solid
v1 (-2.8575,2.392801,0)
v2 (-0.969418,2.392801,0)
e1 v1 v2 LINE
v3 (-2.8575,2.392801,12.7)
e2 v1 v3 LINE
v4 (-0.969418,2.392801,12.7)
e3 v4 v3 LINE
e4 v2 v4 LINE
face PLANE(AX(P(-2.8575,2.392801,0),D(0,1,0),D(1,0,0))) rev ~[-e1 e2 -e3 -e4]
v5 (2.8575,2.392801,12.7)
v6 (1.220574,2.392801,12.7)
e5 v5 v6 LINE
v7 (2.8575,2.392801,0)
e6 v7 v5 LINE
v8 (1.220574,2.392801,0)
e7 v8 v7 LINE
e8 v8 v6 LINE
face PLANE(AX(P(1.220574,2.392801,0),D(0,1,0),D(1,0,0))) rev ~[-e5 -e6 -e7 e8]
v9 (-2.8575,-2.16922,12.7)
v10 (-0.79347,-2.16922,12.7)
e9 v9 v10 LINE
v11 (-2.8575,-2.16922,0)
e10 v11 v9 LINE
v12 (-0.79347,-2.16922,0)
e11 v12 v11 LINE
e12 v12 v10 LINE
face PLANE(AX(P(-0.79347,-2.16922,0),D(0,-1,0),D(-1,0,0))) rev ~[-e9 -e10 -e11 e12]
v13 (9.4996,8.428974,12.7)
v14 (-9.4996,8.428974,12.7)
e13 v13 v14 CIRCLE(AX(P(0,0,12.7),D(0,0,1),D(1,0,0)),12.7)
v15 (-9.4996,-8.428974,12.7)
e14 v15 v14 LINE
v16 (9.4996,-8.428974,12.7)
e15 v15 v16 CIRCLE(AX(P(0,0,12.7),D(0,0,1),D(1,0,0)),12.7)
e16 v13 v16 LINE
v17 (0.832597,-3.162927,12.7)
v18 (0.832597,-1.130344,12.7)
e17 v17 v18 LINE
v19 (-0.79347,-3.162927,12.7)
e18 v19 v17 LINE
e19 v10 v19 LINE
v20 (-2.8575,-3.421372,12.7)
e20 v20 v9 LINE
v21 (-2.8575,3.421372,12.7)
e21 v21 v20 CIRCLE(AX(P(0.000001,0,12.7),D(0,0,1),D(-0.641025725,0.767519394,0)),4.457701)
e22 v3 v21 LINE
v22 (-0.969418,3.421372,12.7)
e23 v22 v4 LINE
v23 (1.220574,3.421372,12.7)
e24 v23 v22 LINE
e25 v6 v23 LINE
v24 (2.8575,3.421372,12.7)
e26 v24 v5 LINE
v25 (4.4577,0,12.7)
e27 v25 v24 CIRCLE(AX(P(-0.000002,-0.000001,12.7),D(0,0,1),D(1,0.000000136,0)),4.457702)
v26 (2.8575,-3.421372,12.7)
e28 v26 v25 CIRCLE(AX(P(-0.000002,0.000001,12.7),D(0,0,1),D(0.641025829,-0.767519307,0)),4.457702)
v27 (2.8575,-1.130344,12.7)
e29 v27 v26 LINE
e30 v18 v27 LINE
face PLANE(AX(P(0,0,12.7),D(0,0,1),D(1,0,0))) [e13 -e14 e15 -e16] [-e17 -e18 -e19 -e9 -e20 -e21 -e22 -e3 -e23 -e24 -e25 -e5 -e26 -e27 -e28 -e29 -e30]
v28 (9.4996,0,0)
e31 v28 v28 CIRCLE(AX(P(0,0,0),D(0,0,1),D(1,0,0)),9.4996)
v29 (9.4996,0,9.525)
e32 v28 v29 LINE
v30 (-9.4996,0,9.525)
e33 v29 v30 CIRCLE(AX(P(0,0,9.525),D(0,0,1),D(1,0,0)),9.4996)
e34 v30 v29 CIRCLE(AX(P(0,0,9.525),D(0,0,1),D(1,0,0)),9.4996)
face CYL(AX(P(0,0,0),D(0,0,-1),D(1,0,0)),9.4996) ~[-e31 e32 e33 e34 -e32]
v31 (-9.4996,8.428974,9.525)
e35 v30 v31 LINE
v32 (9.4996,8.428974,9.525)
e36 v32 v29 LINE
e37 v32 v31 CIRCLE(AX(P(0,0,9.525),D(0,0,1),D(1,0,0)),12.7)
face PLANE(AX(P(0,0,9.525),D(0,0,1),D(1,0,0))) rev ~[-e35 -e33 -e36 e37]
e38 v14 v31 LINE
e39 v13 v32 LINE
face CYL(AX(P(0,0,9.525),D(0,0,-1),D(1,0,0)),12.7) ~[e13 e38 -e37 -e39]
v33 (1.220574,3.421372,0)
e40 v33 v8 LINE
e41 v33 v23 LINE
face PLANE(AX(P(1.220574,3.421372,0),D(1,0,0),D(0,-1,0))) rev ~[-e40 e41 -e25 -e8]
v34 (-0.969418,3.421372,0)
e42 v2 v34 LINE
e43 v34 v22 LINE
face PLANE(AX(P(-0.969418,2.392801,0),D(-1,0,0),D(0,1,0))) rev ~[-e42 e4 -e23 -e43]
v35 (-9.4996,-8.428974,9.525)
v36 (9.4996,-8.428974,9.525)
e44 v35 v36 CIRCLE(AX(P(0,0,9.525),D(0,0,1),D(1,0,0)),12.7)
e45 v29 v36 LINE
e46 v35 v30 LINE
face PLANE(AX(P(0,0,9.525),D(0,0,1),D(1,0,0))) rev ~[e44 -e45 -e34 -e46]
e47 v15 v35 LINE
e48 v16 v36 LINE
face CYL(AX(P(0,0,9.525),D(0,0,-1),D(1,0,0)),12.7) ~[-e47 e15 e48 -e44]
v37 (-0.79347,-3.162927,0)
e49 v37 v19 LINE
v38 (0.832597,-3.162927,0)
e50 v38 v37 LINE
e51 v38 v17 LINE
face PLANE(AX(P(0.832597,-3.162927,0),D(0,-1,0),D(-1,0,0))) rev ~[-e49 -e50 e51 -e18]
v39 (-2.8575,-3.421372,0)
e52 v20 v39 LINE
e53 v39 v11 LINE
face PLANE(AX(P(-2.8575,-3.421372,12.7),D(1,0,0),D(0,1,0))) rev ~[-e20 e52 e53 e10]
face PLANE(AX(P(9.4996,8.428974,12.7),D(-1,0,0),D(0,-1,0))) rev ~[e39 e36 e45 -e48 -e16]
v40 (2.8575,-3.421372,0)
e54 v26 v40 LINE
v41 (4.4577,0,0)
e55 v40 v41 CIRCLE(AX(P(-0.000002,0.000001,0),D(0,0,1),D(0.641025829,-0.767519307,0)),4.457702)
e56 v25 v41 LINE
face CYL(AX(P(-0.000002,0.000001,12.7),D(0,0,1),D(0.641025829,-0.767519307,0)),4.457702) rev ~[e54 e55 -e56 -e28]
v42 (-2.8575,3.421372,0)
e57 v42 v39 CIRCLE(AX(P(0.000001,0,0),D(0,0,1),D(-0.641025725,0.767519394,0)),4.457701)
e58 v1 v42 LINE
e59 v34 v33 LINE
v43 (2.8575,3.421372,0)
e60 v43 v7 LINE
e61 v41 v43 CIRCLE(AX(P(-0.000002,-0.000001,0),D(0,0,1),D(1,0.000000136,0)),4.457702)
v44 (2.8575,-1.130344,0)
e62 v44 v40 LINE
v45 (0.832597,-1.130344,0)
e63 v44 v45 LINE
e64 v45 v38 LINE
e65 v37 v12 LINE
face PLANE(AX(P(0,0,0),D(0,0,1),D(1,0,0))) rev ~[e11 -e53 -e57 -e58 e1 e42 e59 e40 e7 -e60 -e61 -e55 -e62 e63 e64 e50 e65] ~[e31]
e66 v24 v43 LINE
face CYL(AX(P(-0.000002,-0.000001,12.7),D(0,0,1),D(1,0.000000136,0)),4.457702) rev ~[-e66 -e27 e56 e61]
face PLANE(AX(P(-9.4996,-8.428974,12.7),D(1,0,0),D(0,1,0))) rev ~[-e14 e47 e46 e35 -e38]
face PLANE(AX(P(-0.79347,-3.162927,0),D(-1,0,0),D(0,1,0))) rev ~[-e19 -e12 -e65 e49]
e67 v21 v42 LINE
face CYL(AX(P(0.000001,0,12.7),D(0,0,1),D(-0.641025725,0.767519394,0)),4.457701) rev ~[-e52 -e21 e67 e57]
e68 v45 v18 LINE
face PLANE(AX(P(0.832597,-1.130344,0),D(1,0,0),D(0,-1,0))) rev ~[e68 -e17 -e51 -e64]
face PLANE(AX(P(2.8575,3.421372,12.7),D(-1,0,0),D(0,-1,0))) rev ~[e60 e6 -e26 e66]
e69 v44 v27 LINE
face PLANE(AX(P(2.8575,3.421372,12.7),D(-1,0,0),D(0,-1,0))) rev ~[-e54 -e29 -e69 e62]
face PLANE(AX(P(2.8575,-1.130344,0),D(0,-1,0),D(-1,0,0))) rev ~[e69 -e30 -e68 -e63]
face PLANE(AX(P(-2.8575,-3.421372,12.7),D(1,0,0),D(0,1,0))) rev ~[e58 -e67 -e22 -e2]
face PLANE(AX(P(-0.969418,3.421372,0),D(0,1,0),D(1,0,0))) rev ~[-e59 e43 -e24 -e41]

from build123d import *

# Parameters (mm, degrees)
F0_R     = 9.4996
F1_DEPTH = 9.525
F2_R     = 12.7
F2_R_2   = 9.4996
F3_DEPTH = 3.175
F5_DEPTH = 25.4
F7_DEPTH = 25.4
F9_DEPTH = 25.4


with BuildPart() as f1:
    # F0 (on Top) → F1 (new body)
    with BuildSketch(Plane.XY):
        Circle(F0_R)
    extrude(amount=F1_DEPTH)

    # F2 (on face) → F3 (join)
    with BuildSketch(Plane.XY.offset(9.525)):
        Circle(F2_R)
        Circle(F2_R_2, mode=Mode.SUBTRACT)
        Circle(F2_R_2)
    extrude(amount=F3_DEPTH)

    # F4 (on face) → F5 (cut)
    with BuildSketch(Plane.XY.offset(12.7)):
        with BuildLine():
            ThreePointArc((-9.4996, 8.428974), (-12.7, 0), (-9.4996, -8.428974))
            Line((-9.4996, -8.428974), (-9.4996, 8.428974))
        make_face()
        with BuildLine():
            Line((9.4996, 8.428974), (9.4996, -8.428974))
            ThreePointArc((9.4996, -8.428974), (11.872972, -4.508053), (12.7, 0))
            ThreePointArc((12.7, 0), (11.872972, 4.508053), (9.4996, 8.428974))
        make_face()
    extrude(amount=-F5_DEPTH, mode=Mode.SUBTRACT)

    # F6 (on face) → F7 (cut)
    with BuildSketch(Plane.XY.offset(12.7)):
        with BuildLine():
            ThreePointArc((2.8575, -3.421372), (4.037881, -1.888546), (4.4577, 0))
            ThreePointArc((4.4577, 0), (4.037881, 1.888546), (2.8575, 3.421372))
            Line((2.8575, 3.421372), (2.8575, -3.421372))
        make_face()
        with BuildLine():
            Line((-2.8575, -3.421372), (-2.8575, 3.421372))
            ThreePointArc((-2.8575, 3.421372), (-4.4577, 0), (-2.8575, -3.421372))
        make_face()
    extrude(amount=-F7_DEPTH, mode=Mode.SUBTRACT)

    # F8 (on face) → F9 (cut)
    with BuildSketch(Plane(origin=(0, 0, 0), x_dir=(1, 0, 0), z_dir=(0, 0, -1))):
        Polygon((-2.8575, 2.16922), (-2.8575, -2.392801), (-0.969418, -2.392801), (-0.969418, -3.421372), (1.220574, -3.421372), (1.220574, -2.392801), (2.8575, -2.392801), (2.8575, 1.130344), (0.832597, 1.130344), (0.832597, 3.162927), (-0.79347, 3.162927), (-0.79347, 2.16922), align=None)
    extrude(amount=-F9_DEPTH, mode=Mode.SUBTRACT)


solid = f1.part
